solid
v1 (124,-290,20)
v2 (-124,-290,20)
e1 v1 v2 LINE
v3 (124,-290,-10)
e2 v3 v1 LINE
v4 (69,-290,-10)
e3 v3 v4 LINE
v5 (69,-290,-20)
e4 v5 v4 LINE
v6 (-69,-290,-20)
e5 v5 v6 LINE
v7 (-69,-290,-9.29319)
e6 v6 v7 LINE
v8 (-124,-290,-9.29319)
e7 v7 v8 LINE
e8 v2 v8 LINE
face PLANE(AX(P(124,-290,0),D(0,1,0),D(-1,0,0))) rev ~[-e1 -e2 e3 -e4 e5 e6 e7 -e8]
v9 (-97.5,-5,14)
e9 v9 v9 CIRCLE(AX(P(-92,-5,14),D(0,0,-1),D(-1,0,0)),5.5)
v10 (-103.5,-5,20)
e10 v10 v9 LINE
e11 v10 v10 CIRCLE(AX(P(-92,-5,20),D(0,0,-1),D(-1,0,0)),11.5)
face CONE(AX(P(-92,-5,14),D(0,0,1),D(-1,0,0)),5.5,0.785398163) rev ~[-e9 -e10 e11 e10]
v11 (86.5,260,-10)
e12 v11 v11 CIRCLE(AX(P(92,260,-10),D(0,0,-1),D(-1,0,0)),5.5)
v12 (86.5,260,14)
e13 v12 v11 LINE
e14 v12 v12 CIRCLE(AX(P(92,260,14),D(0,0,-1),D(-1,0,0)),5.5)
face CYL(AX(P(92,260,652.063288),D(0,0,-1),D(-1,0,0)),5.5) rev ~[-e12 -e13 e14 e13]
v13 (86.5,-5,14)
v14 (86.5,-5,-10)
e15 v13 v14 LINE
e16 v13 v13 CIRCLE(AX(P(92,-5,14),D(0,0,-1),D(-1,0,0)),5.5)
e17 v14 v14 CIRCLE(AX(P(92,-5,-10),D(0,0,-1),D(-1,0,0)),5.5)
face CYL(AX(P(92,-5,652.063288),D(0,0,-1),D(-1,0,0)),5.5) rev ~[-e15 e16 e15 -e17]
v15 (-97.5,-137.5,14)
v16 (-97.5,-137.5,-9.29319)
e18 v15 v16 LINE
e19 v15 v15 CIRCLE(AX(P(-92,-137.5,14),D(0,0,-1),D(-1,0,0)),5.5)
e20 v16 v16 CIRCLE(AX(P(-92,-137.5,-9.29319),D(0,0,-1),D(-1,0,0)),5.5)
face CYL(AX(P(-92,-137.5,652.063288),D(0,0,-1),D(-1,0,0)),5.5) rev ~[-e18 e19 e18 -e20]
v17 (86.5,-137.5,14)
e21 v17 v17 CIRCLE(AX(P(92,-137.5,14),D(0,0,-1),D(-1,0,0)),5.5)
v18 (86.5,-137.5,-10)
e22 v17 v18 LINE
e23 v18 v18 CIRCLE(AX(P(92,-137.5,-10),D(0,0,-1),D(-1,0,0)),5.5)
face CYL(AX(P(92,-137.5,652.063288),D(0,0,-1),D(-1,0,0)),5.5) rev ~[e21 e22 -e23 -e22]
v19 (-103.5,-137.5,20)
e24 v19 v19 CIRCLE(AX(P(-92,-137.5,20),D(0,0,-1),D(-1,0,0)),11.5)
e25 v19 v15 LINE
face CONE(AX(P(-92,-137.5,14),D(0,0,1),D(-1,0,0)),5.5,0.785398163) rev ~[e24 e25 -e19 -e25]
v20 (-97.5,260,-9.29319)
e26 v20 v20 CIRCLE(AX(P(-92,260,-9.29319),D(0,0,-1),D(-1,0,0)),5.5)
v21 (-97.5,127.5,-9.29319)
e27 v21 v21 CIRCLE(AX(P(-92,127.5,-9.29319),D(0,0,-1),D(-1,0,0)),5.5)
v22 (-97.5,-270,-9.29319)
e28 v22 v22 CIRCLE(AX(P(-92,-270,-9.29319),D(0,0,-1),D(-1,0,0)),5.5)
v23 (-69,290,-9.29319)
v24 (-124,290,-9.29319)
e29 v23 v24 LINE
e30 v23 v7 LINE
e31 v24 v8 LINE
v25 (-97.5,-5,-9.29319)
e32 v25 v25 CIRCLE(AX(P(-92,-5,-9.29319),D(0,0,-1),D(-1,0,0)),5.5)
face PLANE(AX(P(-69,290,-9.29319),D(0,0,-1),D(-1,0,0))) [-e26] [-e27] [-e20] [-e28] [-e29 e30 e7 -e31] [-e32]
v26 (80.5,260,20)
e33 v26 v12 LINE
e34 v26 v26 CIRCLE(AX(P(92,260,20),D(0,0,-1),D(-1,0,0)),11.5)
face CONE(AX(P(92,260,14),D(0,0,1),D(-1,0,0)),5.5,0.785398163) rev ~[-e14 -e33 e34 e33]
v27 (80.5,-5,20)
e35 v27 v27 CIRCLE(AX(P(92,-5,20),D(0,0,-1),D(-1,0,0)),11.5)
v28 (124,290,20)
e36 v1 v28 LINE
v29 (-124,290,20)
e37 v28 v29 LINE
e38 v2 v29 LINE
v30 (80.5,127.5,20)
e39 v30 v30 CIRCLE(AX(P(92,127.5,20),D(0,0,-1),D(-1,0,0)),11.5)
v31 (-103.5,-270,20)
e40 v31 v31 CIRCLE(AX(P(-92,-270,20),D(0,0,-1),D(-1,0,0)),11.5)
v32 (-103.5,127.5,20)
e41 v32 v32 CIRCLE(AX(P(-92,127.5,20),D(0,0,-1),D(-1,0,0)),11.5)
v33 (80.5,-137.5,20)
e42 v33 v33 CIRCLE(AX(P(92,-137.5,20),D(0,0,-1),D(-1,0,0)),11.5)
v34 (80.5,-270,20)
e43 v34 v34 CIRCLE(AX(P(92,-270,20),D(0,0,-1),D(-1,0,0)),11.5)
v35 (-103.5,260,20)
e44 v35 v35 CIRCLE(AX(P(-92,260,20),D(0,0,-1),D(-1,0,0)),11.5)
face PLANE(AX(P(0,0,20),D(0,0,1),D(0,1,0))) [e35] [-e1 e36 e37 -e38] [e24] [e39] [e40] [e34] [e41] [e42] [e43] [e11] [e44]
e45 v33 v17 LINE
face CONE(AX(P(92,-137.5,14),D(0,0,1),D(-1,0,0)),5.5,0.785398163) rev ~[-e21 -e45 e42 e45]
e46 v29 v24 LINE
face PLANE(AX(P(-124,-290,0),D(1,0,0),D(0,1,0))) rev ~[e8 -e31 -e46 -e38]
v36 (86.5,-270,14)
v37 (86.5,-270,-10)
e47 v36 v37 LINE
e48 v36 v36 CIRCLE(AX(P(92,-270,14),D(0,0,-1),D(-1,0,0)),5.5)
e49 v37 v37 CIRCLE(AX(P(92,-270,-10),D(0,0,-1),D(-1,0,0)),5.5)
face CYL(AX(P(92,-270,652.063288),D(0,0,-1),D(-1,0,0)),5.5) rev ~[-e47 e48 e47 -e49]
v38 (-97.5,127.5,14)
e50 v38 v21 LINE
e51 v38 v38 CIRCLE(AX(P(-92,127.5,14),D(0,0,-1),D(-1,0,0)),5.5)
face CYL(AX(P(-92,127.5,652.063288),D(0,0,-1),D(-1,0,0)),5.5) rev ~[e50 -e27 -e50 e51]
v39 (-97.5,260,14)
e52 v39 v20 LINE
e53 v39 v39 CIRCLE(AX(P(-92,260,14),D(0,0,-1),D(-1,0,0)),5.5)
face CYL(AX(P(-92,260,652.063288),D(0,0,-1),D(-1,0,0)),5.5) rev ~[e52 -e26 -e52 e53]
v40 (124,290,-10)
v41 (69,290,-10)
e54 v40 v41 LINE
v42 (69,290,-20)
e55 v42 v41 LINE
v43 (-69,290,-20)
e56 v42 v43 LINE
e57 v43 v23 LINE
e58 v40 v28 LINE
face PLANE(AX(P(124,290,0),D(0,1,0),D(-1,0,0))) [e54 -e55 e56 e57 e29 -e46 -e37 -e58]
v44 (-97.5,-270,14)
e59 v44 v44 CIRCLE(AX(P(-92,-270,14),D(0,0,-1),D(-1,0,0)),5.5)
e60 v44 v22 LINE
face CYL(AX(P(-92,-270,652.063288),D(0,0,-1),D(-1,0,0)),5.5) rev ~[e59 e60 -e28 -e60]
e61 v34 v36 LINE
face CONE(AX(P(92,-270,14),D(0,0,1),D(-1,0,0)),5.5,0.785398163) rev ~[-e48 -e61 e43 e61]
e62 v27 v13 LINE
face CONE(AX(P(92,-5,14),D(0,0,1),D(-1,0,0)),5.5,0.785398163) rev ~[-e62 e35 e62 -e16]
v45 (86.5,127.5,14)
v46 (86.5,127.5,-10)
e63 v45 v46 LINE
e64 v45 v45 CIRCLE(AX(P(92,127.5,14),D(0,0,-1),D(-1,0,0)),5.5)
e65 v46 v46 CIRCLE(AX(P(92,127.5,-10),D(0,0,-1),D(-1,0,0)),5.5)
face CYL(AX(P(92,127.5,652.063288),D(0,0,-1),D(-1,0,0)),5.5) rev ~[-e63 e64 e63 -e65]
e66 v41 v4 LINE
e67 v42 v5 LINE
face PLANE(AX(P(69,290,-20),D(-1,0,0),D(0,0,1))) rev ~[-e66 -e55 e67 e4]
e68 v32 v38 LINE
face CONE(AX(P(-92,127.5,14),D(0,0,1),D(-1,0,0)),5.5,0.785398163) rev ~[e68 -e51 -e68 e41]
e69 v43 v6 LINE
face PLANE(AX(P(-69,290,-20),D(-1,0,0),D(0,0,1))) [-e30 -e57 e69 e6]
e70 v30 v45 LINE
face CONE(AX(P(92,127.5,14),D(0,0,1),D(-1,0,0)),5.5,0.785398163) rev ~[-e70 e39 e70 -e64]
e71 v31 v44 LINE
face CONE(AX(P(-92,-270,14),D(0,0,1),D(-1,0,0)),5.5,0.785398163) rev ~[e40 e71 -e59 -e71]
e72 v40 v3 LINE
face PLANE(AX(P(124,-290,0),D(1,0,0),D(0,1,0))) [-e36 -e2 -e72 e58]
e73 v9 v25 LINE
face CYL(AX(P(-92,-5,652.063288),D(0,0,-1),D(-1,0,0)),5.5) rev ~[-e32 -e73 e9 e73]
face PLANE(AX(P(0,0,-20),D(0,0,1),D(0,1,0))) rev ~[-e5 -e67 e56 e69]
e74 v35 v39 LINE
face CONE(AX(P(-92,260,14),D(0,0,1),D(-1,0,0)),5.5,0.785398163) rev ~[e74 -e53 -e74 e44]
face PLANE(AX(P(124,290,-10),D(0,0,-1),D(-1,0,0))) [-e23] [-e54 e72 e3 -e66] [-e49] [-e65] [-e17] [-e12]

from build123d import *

# Parameters (mm, degrees)
SKETCH2_W                  = 580
SKETCH2_H                  = 248
BOSS_EXTRUDE1_DEPTH        = 20
SKETCH3_W                  = 55
SKETCH3_H                  = 10.706810323
SKETCH3_H_2                = 10
CUT_EXTRUDE1_DEPTH         = 594.444184402
F_11_0_11_DIAMETER_HOLE1_D = 11
LPATTERN1_COUNT            = 5
LPATTERN1_PITCH            = 132.5
CHAMFER1_SIZE              = 6


with BuildPart() as part:
    # Sketch2 → Boss-Extrude1 (new, symmetric)
    with BuildSketch(Plane(origin=(0, 0, 0), x_dir=(0, 1, 0), z_dir=(0, 0, 1))):
        Rectangle(SKETCH2_W, SKETCH2_H)
    extrude(amount=BOSS_EXTRUDE1_DEPTH, both=True)

    # Sketch3 → Cut-Extrude1 (cut, through all)
    with BuildSketch(Plane(origin=(0, 290, 0), x_dir=(-1, 0, 0), z_dir=(0, 1, 0))):
        with Locations((96.5, -14.646594839)):
            Rectangle(SKETCH3_W, SKETCH3_H)
        with Locations((-96.5, -15)):
            Rectangle(SKETCH3_W, SKETCH3_H_2)
    extrude(amount=-CUT_EXTRUDE1_DEPTH, mode=Mode.SUBTRACT)

    # Ø11.0 (11) Diameter Hole1 (through all)
    with Locations(Plane(origin=(-92, -270, 20), x_dir=(1, 0, 0), z_dir=(0, 0, 1))):
        with Locations((0, 0), (184, 0)):
            f_11_0_11_diameter_hole1 = Hole(F_11_0_11_DIAMETER_HOLE1_D / 2)

    # LPattern1: Ø11.0 (11) Diameter Hole1 ×5
    with Locations(*[(0, i * LPATTERN1_PITCH, 0) for i in range(1, LPATTERN1_COUNT)]):
        add(f_11_0_11_diameter_hole1, mode=Mode.SUBTRACT)

    # Chamfer1
    chamfer1_edges = [part.edges().sort_by_distance(p)[0] for p in [
        (97.5, -270, 20),
        (-86.5, -270, 20),
        (97.5, -137.5, 20),
        (-86.5, -137.5, 20),
        (97.5, -5, 20),
        (-86.5, -5, 20),
        (97.5, 127.5, 20),
        (-86.5, 127.5, 20),
        (97.5, 260, 20),
        (-86.5, 260, 20),
    ]]
    chamfer(chamfer1_edges, length=CHAMFER1_SIZE)


solid = part.part
